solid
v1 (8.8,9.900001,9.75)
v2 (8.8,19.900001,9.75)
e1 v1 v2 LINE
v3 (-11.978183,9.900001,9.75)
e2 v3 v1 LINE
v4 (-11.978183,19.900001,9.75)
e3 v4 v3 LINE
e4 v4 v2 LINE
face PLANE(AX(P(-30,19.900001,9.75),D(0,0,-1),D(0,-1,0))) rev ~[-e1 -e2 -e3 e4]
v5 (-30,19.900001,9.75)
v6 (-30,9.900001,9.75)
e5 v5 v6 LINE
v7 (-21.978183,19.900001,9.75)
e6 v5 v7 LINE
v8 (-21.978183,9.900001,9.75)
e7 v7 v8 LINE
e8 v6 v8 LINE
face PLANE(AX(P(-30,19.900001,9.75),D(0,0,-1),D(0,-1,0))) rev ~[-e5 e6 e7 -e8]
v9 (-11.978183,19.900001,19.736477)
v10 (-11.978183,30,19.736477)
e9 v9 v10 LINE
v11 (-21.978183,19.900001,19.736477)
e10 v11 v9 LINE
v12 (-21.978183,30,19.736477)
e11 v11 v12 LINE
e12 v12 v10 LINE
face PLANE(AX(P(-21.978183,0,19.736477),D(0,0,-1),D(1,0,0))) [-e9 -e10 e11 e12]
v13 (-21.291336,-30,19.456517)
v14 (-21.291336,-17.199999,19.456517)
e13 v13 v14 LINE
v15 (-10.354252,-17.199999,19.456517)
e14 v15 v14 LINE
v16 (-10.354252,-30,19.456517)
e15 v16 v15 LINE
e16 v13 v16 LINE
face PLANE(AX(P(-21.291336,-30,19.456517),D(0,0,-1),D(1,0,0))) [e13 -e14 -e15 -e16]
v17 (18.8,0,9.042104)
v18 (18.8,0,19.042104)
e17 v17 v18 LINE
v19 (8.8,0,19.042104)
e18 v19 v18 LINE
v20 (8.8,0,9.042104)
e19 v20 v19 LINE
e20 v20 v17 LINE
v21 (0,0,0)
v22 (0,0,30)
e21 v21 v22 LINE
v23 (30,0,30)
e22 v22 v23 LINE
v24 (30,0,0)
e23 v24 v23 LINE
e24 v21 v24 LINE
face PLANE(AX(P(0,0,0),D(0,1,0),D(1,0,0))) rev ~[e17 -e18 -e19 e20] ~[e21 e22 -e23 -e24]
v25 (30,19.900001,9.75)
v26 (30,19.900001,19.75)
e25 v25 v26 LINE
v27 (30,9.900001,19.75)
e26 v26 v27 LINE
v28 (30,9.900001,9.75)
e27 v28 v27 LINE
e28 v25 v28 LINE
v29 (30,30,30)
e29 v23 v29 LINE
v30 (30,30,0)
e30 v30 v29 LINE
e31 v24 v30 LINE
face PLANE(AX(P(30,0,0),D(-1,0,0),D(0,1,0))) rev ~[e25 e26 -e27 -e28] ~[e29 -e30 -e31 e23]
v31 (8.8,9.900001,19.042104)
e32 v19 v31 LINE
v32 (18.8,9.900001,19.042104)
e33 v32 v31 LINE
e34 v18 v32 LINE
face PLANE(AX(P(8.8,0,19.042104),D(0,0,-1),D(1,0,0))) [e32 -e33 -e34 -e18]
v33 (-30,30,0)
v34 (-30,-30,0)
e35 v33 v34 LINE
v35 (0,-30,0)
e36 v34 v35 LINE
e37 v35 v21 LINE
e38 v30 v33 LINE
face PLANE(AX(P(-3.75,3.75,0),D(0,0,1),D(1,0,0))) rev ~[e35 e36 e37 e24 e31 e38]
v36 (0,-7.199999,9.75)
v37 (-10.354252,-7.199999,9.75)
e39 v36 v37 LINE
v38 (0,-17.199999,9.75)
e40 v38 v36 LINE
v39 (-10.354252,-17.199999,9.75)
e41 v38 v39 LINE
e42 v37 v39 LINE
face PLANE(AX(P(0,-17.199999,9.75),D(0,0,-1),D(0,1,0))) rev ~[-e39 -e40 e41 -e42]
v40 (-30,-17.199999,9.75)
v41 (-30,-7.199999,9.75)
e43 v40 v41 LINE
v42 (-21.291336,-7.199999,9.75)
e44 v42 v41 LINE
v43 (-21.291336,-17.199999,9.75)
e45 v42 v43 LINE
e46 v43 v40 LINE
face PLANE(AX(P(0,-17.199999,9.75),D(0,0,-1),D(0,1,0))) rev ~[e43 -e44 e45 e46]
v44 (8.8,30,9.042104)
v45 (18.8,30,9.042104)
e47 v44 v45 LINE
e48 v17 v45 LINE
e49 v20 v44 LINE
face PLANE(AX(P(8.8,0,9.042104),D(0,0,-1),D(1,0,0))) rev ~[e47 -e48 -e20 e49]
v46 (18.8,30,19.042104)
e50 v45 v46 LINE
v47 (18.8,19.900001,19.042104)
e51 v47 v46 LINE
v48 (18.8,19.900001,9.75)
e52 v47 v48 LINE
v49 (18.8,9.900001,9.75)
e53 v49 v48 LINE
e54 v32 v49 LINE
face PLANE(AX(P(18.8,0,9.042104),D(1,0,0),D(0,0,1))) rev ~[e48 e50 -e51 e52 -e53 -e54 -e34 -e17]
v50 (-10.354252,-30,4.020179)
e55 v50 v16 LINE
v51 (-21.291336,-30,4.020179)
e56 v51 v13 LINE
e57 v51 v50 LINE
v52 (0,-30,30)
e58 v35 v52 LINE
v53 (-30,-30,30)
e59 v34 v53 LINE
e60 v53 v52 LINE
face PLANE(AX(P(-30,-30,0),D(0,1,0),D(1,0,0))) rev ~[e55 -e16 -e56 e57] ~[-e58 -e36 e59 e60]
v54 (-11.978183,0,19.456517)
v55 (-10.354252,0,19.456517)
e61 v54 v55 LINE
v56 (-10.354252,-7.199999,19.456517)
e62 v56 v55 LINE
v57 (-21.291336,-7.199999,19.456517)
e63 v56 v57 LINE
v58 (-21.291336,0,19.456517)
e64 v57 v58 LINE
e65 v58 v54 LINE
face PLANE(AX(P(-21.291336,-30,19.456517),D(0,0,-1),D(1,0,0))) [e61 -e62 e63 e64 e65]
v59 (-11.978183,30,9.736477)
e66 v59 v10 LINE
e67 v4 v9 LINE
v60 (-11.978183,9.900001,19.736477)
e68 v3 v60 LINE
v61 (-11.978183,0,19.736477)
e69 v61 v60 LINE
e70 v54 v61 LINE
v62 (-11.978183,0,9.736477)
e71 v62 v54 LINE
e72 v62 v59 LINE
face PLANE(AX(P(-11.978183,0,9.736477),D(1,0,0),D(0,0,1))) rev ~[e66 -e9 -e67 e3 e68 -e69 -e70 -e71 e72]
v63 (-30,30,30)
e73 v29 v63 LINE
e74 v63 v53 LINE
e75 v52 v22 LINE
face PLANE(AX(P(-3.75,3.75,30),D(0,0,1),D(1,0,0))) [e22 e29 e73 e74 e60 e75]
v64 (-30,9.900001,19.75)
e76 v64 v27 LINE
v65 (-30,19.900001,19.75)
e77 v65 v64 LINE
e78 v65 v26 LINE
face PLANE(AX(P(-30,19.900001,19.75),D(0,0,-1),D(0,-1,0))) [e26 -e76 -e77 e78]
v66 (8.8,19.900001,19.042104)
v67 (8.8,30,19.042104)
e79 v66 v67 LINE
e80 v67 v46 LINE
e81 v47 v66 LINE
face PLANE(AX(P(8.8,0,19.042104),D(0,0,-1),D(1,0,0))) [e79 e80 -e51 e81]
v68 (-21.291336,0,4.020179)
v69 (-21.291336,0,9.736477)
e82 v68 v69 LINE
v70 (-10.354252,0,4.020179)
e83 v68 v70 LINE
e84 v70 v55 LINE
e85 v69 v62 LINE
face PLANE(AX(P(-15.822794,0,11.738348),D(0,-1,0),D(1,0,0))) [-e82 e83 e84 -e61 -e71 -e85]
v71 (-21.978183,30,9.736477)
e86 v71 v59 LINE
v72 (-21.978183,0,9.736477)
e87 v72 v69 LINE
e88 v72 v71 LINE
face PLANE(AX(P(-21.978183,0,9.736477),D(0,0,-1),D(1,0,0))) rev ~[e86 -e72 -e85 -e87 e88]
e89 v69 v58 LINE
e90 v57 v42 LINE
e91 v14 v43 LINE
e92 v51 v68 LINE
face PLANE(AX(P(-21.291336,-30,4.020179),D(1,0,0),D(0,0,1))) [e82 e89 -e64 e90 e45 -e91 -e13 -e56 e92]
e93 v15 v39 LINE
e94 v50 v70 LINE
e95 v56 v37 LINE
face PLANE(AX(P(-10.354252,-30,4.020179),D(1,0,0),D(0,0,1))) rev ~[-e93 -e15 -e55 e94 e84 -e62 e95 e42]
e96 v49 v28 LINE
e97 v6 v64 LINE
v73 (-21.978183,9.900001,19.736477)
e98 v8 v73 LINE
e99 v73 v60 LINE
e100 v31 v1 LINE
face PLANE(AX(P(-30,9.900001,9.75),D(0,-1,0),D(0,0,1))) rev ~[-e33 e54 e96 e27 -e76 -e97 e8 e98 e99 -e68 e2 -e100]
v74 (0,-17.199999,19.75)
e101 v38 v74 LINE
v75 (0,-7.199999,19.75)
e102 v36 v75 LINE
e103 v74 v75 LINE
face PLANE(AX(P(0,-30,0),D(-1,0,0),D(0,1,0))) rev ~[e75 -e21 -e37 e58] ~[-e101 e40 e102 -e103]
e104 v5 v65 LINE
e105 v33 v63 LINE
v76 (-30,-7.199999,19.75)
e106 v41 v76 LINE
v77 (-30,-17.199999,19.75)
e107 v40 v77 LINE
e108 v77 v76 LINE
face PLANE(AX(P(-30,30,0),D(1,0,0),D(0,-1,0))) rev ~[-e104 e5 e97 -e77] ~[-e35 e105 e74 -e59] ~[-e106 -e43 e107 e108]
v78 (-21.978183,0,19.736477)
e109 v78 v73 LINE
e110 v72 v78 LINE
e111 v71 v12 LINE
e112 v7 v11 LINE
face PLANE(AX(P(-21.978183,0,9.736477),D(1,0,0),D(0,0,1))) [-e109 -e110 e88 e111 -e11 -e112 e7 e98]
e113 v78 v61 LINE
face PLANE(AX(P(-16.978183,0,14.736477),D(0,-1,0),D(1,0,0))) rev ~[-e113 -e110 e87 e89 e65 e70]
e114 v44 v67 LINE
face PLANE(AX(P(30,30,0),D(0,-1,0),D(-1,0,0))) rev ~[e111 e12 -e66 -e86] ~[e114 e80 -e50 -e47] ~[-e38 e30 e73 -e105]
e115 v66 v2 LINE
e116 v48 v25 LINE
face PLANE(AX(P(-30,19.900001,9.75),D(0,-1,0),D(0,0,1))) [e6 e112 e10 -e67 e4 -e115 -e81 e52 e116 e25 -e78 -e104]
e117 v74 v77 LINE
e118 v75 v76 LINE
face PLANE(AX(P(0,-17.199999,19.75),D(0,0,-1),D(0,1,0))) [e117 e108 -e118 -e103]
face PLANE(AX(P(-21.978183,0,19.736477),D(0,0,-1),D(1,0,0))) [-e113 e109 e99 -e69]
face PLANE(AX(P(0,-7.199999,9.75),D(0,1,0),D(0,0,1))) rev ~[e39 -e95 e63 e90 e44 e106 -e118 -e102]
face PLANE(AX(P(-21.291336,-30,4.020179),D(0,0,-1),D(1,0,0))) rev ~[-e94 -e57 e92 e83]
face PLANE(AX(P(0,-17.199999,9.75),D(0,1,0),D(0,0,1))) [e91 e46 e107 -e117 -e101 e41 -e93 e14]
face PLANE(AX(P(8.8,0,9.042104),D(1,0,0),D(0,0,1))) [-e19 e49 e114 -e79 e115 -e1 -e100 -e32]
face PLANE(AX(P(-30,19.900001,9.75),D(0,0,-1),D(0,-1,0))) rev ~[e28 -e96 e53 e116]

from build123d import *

# Parameters (mm, degrees)
F1_DEPTH  = 30
F2_W      = 10
F2_H      = 10
F3_DEPTH  = 30
F4_W      = 10
F4_H      = 10
F5_DEPTH  = 30
F6_W      = 10
F6_H      = 10
F7_DEPTH  = 60
F8_W      = 10
F8_H      = 10
F9_DEPTH  = 60
F10_W     = 10.937084
F10_H     = 15.436338
F11_DEPTH = 30


with BuildPart() as f1:
    # F0 (on Top) → F1 (new body)
    with BuildSketch(Plane.XY):
        Polygon((30, 30), (0, 30), (-30, 30), (-30, 0), (-30, -30), (0, -30), (0, 0), (30, 0), align=None)
    extrude(amount=F1_DEPTH)

    # F2 (on Front) → F3 (cut)
    with BuildSketch(Plane.XZ):
        with Locations((13.8, 14.042104)):
            Rectangle(F2_W, F2_H)
    extrude(amount=-F3_DEPTH, mode=Mode.SUBTRACT)

    # F4 (on face) → F5 (cut)
    with BuildSketch(Plane.YZ):
        with Locations((-12.199999, 14.75)):
            Rectangle(F4_W, F4_H)
    extrude(amount=-F5_DEPTH, mode=Mode.SUBTRACT)

    # F6 (on face) → F7 (cut)
    with BuildSketch(Plane(origin=(-30, 0, 0), x_dir=(0, -1, 0), z_dir=(-1, 0, 0))):
        with Locations((-14.900001, 14.75)):
            Rectangle(F6_W, F6_H)
    extrude(amount=-F7_DEPTH, mode=Mode.SUBTRACT)

    # F8 (on Front) → F9 (cut)
    with BuildSketch(Plane.XZ):
        with Locations((-16.978183, 14.736477)):
            Rectangle(F8_W, F8_H)
    extrude(amount=-F9_DEPTH, mode=Mode.SUBTRACT)

    # F10 (on face) → F11 (cut)
    with BuildSketch(Plane.XZ.offset(30)):
        with Locations((-15.822794, 11.738348)):
            Rectangle(F10_W, F10_H)
    extrude(amount=-F11_DEPTH, mode=Mode.SUBTRACT)


with BuildPart() as f12_1:
    # F12: copy of F1
    add(f1.part)


solid = f1.part
